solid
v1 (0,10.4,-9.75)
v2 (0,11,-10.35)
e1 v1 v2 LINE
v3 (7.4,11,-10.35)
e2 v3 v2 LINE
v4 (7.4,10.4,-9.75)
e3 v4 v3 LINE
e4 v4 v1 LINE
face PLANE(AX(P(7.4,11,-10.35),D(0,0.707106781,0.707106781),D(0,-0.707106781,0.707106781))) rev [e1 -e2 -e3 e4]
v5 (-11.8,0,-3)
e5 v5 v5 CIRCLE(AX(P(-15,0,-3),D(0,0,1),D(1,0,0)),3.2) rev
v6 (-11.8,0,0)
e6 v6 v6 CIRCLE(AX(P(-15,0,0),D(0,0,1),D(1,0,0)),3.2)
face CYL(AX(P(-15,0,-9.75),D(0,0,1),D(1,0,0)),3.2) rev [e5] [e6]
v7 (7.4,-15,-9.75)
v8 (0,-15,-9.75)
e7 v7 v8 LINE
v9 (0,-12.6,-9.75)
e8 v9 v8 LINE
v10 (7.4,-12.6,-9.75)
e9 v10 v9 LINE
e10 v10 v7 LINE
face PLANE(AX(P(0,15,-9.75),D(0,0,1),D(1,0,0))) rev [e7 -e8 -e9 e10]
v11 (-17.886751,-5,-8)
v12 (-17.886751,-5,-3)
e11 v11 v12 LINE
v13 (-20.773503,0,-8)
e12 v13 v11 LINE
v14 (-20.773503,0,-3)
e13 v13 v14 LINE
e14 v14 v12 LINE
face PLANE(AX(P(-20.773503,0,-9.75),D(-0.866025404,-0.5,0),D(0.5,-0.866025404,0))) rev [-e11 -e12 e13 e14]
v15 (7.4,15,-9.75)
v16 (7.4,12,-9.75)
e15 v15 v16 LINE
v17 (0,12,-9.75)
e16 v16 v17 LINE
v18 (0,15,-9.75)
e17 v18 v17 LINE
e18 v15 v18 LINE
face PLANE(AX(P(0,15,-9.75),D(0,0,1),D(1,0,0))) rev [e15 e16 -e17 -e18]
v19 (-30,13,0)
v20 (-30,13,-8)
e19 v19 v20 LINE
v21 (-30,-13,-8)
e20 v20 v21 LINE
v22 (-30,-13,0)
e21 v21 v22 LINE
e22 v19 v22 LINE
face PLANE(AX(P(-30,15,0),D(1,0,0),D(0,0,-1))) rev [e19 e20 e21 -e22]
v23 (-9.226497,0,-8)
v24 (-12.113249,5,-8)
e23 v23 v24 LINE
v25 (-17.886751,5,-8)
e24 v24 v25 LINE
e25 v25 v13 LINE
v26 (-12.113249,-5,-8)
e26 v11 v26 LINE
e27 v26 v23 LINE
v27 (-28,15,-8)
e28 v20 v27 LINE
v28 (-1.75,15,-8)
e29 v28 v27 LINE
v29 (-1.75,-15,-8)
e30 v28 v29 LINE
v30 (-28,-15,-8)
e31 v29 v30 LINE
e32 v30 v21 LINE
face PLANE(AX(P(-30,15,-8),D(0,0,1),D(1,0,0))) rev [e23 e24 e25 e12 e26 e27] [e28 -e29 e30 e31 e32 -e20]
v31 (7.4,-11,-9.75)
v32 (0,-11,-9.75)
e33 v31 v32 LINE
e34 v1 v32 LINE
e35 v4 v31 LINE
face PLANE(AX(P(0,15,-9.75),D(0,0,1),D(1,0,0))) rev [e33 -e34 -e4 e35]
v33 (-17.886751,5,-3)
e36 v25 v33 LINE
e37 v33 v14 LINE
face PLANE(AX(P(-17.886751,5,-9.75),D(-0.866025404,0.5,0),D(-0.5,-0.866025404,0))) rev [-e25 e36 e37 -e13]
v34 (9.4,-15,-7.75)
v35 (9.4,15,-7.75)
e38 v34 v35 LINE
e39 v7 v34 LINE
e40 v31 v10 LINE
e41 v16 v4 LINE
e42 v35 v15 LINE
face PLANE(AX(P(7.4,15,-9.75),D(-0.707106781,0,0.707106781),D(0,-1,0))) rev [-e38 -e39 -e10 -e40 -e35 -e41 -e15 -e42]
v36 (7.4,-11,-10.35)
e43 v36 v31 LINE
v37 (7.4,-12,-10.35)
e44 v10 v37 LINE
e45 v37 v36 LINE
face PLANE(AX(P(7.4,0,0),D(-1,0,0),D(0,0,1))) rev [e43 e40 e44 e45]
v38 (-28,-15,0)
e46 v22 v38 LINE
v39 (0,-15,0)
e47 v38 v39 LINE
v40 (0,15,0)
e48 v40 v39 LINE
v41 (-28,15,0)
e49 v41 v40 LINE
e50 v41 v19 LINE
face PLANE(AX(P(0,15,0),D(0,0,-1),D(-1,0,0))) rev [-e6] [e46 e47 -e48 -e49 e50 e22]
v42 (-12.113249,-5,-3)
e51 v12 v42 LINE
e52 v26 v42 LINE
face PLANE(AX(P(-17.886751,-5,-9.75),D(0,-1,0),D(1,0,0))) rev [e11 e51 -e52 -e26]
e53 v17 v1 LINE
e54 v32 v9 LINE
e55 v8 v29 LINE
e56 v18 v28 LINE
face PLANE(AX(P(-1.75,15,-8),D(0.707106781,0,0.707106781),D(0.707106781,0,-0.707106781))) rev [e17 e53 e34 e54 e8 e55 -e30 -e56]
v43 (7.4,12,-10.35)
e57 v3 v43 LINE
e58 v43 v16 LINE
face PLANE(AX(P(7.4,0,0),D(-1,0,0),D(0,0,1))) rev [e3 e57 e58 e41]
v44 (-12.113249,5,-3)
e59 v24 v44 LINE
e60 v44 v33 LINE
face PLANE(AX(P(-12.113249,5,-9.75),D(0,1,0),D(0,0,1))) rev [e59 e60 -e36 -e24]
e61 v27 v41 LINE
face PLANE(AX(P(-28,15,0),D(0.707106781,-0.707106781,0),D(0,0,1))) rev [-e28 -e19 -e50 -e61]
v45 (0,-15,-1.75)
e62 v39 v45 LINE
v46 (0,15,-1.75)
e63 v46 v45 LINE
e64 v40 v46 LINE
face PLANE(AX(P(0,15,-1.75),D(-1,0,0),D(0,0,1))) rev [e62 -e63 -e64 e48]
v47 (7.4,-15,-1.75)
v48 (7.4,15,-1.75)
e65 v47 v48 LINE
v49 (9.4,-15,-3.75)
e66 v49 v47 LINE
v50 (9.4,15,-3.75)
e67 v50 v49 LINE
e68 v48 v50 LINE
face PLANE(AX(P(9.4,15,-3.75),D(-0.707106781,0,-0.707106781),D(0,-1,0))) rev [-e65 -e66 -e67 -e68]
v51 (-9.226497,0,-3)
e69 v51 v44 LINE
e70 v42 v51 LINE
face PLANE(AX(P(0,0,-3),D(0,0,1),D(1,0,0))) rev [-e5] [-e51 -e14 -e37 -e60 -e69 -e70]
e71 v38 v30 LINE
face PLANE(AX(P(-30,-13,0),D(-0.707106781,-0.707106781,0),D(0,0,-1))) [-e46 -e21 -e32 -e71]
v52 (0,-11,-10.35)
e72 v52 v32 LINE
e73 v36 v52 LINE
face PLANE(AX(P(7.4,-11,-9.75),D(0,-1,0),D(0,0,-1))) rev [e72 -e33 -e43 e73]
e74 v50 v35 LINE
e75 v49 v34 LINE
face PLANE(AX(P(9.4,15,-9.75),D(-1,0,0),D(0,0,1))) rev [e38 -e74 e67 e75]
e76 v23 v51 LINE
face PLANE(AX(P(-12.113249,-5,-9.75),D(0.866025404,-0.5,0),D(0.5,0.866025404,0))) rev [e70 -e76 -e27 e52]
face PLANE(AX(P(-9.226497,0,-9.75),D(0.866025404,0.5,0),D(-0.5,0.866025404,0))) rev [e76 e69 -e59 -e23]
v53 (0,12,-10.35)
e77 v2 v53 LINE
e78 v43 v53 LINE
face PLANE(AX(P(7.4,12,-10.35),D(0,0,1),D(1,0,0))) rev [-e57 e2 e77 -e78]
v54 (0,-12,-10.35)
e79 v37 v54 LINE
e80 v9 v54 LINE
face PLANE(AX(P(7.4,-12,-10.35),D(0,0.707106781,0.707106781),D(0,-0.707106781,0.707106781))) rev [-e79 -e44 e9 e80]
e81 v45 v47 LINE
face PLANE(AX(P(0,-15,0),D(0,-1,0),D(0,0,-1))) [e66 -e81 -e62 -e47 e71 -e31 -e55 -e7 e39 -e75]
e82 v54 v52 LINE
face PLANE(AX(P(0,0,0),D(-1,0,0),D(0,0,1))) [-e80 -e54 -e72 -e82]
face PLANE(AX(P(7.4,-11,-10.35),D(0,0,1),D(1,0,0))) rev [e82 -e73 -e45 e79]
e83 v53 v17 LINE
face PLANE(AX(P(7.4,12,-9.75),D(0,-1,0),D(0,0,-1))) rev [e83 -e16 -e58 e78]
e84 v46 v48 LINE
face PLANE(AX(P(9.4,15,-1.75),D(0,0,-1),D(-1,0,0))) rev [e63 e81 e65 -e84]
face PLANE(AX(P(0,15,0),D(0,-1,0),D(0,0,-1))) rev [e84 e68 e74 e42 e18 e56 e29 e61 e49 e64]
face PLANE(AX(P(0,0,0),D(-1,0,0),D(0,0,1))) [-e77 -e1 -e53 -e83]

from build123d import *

# Parameters (mm, degrees)
SALIENTE_EXTRUIR1_DEPTH = 15
CROQUIS2_R              = 3.2
CORTAR_EXTRUIR1_DEPTH   = 10.75
CORTAR_EXTRUIR2_START   = -3
CORTAR_EXTRUIR2_DEPTH   = 7.75
CHAFL_N1_SIZE           = 2
SALIENTE_EXTRUIR3_DEPTH = 7.4


with BuildPart() as part:
    # Croquis1 → Saliente-Extruir1 (new body, symmetric)
    with BuildSketch(Plane(origin=(0, 0, 0), x_dir=(1, 0, 0), z_dir=(0, 1, 0))):
        Polygon((0, 0), (-30, 0), (-30, 8), (-1.75, 8), (0, 9.75), (9.4, 9.75), (9.4, 1.75), (0, 1.75), align=None)
    extrude(amount=SALIENTE_EXTRUIR1_DEPTH, both=True)

    # Croquis2 → Cortar-Extruir1 (cut, through all)
    with BuildSketch(Plane.XY):
        with Locations((-15, 0)):
            Circle(CROQUIS2_R)
    extrude(amount=-CORTAR_EXTRUIR1_DEPTH, mode=Mode.SUBTRACT)

    # Croquis3 → Cortar-Extruir2 (cut, through all)
    with BuildSketch(Plane.XY.offset(CORTAR_EXTRUIR2_START)):
        Polygon((-9.226497308, 0), (-12.113248654, 5), (-17.886751346, 5), (-20.773502692, 0), (-17.886751346, -5), (-12.113248654, -5), align=None)
    extrude(amount=-CORTAR_EXTRUIR2_DEPTH, mode=Mode.SUBTRACT)

    # Chaflán1
    chafl_n1_edges = [part.edges().sort_by_distance(p)[0] for p in [
        (9.4, 0, -9.75),
        (9.4, 0, -1.75),
        (-30, 15, -4),
        (-30, -15, -4),
    ]]
    chamfer(chafl_n1_edges, length=CHAFL_N1_SIZE)

    # Croquis5 → Saliente-Extruir3 (add)
    with BuildSketch(Plane(origin=(0, 0, 0), x_dir=(0, 0, -1), z_dir=(1, 0, 0))):
        Polygon((9.75, 12), (10.35, 12), (10.35, 11), (9.75, 10.4), align=None)
        Polygon((9.75, -11), (10.35, -11), (10.35, -12), (9.75, -12.6), align=None)
    extrude(amount=SALIENTE_EXTRUIR3_DEPTH)


solid = part.part
